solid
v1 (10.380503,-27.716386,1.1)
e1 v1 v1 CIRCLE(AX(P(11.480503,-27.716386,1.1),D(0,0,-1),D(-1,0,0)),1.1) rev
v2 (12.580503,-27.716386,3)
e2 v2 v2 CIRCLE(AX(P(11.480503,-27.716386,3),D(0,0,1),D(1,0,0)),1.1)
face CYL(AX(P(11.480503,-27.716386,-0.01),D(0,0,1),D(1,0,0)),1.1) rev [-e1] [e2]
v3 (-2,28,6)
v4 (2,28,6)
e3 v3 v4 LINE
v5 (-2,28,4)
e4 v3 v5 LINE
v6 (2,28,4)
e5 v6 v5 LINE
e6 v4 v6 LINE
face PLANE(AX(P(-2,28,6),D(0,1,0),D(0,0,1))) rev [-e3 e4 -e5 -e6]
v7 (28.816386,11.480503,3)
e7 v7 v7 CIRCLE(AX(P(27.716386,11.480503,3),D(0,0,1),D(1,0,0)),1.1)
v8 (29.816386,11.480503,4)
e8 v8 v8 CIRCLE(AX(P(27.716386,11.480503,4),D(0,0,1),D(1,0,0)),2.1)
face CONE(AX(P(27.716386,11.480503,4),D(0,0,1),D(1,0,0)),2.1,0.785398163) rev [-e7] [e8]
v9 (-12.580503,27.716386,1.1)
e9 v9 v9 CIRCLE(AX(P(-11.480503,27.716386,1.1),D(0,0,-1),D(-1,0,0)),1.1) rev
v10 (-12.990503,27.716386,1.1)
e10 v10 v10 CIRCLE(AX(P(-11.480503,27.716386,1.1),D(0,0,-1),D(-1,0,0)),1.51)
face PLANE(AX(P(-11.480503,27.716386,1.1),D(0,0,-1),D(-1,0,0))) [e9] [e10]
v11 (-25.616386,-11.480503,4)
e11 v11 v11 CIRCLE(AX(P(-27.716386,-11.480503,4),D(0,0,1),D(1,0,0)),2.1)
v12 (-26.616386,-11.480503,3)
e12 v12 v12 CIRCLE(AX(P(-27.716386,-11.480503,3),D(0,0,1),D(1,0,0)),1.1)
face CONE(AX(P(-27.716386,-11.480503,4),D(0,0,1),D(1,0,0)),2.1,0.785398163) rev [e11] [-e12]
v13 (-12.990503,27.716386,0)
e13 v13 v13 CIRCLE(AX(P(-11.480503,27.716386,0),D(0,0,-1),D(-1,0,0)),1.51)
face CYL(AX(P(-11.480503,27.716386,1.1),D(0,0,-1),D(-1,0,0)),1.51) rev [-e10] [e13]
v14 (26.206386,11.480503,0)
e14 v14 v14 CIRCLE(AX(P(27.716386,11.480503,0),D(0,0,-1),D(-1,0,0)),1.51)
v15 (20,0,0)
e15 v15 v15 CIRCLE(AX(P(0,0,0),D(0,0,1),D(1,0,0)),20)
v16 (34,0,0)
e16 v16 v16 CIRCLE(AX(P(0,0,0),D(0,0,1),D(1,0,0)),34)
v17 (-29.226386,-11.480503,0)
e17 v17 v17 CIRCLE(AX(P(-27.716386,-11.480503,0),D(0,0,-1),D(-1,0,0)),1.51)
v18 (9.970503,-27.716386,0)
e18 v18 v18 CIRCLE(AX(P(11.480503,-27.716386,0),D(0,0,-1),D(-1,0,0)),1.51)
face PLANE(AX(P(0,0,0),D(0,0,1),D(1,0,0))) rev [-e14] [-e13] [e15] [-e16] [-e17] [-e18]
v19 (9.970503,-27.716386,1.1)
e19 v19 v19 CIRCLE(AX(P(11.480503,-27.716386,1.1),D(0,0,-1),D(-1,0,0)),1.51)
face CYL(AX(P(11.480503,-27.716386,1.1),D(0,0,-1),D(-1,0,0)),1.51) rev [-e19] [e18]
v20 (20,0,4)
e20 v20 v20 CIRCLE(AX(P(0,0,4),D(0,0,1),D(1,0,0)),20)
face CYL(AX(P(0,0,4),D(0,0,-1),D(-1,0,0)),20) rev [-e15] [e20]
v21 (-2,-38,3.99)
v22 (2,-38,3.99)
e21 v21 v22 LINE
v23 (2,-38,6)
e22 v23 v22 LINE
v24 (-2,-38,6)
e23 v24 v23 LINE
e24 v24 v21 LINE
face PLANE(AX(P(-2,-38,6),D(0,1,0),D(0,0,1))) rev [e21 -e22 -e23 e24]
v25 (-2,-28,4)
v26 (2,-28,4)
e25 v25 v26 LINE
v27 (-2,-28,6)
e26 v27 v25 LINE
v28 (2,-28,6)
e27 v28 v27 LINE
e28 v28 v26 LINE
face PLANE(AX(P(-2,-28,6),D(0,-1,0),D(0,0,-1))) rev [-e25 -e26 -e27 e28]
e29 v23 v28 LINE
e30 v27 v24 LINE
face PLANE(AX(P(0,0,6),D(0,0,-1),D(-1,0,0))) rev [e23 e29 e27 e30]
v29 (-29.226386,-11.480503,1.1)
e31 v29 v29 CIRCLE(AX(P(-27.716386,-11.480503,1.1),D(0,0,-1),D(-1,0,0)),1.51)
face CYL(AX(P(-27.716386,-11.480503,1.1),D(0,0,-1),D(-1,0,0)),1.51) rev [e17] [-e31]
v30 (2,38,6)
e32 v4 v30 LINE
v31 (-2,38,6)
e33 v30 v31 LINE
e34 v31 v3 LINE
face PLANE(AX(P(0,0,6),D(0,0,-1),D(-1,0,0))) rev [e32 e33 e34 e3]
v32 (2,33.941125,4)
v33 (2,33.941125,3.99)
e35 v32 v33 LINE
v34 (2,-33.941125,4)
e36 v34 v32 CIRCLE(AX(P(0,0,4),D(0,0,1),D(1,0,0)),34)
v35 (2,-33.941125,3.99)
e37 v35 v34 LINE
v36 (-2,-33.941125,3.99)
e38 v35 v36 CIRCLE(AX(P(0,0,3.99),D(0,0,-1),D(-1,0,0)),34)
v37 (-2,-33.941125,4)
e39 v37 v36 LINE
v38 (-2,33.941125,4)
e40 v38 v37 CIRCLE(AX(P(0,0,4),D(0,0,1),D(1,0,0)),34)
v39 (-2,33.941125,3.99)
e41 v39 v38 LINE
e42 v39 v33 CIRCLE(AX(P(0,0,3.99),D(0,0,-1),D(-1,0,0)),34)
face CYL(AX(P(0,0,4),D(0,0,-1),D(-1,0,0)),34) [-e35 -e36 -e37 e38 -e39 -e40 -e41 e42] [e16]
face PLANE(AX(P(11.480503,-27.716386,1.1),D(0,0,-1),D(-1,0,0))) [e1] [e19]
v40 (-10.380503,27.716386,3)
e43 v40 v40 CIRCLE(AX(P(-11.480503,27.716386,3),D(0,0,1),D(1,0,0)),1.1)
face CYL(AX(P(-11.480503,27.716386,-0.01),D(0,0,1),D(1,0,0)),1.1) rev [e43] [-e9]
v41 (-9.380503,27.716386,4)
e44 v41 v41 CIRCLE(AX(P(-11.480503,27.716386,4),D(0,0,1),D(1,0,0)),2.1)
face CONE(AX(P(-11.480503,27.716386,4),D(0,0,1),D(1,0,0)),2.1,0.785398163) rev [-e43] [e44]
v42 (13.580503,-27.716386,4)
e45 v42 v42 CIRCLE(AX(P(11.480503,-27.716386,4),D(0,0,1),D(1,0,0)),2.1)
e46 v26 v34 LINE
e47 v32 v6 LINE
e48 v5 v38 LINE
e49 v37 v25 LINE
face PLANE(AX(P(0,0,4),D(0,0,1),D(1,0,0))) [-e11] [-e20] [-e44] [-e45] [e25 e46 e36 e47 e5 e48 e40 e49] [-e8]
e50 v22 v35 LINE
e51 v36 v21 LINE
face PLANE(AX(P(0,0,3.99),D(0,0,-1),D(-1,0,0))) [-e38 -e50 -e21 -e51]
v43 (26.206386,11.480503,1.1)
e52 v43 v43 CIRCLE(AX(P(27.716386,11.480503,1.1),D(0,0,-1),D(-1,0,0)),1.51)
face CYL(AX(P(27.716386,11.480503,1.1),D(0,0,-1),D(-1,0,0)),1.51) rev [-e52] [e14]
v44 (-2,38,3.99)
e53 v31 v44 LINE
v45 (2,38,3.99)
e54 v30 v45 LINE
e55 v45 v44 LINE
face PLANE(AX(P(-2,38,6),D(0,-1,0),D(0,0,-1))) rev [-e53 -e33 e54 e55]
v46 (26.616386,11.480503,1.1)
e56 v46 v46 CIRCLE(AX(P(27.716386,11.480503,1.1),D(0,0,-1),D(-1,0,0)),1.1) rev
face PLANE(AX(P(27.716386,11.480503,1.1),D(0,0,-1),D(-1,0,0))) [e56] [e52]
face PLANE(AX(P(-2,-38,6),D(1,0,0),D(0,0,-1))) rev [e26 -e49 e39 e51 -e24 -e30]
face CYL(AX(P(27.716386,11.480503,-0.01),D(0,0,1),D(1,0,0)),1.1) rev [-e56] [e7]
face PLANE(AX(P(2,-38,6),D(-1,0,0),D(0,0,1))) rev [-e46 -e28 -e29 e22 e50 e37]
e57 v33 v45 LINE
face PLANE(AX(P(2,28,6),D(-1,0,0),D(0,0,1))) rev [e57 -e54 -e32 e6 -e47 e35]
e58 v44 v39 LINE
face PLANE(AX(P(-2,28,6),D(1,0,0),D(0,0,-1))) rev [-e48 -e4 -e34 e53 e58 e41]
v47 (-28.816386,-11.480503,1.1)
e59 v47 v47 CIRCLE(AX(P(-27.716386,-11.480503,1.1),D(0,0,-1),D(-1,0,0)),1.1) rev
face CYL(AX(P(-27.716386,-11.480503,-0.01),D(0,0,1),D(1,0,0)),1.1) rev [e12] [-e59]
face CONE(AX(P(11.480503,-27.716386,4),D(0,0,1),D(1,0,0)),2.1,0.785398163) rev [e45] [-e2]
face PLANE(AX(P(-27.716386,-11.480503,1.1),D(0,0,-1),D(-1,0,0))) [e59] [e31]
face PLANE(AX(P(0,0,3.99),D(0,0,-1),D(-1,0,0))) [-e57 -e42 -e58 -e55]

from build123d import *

# Parameters (mm, degrees)
SKETCH1_R                                    = 34
SKETCH1_R_2                                  = 20
OUTPUT_PLATE_DEPTH                           = 4
Y_TONGUE_1_START                             = 3.99
SKETCH2_W                                    = 4
SKETCH2_H                                    = 10
Y_TONGUE_1_DEPTH                             = 2.01
SKETCH3_W                                    = 4
SKETCH3_H                                    = 10
Y_TONGUE_1_2_DEPTH                           = 2.01
SKETCH4_R                                    = 1.1
FOUR_M2_CLEARANCE_DEPTH                      = 4.01
SKETCH5_R                                    = 2.1
FOUR_90DEG_COUNTERSINKS_D4P2_DEPTH           = 1.1
FOUR_90DEG_COUNTERSINKS_D4P2_DRAFT           = -45
FOUR_90DEG_COUNTERSINKS_D4P2_PROFILE_2_DEPTH = 1.1
FOUR_90DEG_COUNTERSINKS_D4P2_PROFILE_2_DRAFT = -45
FOUR_90DEG_COUNTERSINKS_D4P2_PROFILE_3_DEPTH = 1.1
FOUR_90DEG_COUNTERSINKS_D4P2_PROFILE_3_DRAFT = -45
FOUR_90DEG_COUNTERSINKS_D4P2_PROFILE_4_DEPTH = 1.1
FOUR_90DEG_COUNTERSINKS_D4P2_PROFILE_4_DRAFT = -45
SKETCH6_R                                    = 1.51
FOUR_STANDOFF_PILOT_POCKETS_D3P02_DEPTH      = 1.1


with BuildPart() as part:
    # Sketch1 → Output_Plate (new body)
    with BuildSketch(Plane.XY):
        Circle(SKETCH1_R)
        Circle(SKETCH1_R_2, mode=Mode.SUBTRACT)
    extrude(amount=OUTPUT_PLATE_DEPTH)

    # Sketch2 → Y_Tongue_-1 (add)
    with BuildSketch(Plane.XY.offset(Y_TONGUE_1_START)):
        with Locations((0, -33)):
            Rectangle(SKETCH2_W, SKETCH2_H)
    extrude(amount=Y_TONGUE_1_DEPTH)

    # Sketch3 → Y_Tongue_1 2 (add)
    with BuildSketch(Plane.XY.offset(Y_TONGUE_1_START)):
        with Locations((0, 33)):
            Rectangle(SKETCH3_W, SKETCH3_H)
    extrude(amount=Y_TONGUE_1_2_DEPTH)

    # Sketch4 → Four_M2_Clearance (cut)
    with BuildSketch(Plane.XY.offset(4)):
        with Locations((27.716385975, 11.480502971)):
            Circle(SKETCH4_R)
        with Locations((-11.480502971, 27.716385975)):
            Circle(SKETCH4_R)
        with Locations((-27.716385975, -11.480502971)):
            Circle(SKETCH4_R)
        with Locations((11.480502971, -27.716385975)):
            Circle(SKETCH4_R)
    extrude(amount=-FOUR_M2_CLEARANCE_DEPTH, mode=Mode.SUBTRACT)


with BuildPart() as four_90deg_countersinks_d4p2_tool:
    # Sketch5 → Four_90deg_Countersinks_D4p2 (with draft: the straight prism first)
    with BuildSketch(Plane.XY.offset(4)):
        with Locations((27.716385975, 11.480502971)):
            Circle(SKETCH5_R)
    extrude(amount=-FOUR_90DEG_COUNTERSINKS_D4P2_DEPTH)
    # Four_90deg_Countersinks_D4p2: the draft: its side faces are tilted about the plane it starts from
    four_90deg_countersinks_d4p2_sides = [four_90deg_countersinks_d4p2_tool.faces().sort_by_distance(p)[0] for p in [
        (25.616385975, 11.480502971, 3.45),
    ]]
    draft(four_90deg_countersinks_d4p2_sides, Plane.XY.offset(4), FOUR_90DEG_COUNTERSINKS_D4P2_DRAFT)


with BuildPart() as part_1:
    add(part.part)

    # Four_90deg_Countersinks_D4p2: cut by four_90deg_countersinks_d4p2_tool
    add(four_90deg_countersinks_d4p2_tool.part, mode=Mode.SUBTRACT)


with BuildPart() as four_90deg_countersinks_d4p2_profile_2_tool:
    # Sketch5 → Four_90deg_Countersinks_D4p2 profile 2 (with draft: the straight prism first)
    with BuildSketch(Plane.XY.offset(4)):
        with Locations((-11.480502971, 27.716385975)):
            Circle(SKETCH5_R)
    extrude(amount=-FOUR_90DEG_COUNTERSINKS_D4P2_PROFILE_2_DEPTH)
    # Four_90deg_Countersinks_D4p2 profile 2: the draft: its side faces are tilted about the plane it starts from
    four_90deg_countersinks_d4p2_profile_2_sides = [four_90deg_countersinks_d4p2_profile_2_tool.faces().sort_by_distance(p)[0] for p in [
        (-13.580502971, 27.716385975, 3.45),
    ]]
    draft(four_90deg_countersinks_d4p2_profile_2_sides, Plane.XY.offset(4), FOUR_90DEG_COUNTERSINKS_D4P2_PROFILE_2_DRAFT)


with BuildPart() as part_2:
    add(part_1.part)

    # Four_90deg_Countersinks_D4p2 profile 2: cut by four_90deg_countersinks_d4p2_profile_2_tool
    add(four_90deg_countersinks_d4p2_profile_2_tool.part, mode=Mode.SUBTRACT)


with BuildPart() as four_90deg_countersinks_d4p2_profile_3_tool:
    # Sketch5 → Four_90deg_Countersinks_D4p2 profile 3 (with draft: the straight prism first)
    with BuildSketch(Plane.XY.offset(4)):
        with Locations((-27.716385975, -11.480502971)):
            Circle(SKETCH5_R)
    extrude(amount=-FOUR_90DEG_COUNTERSINKS_D4P2_PROFILE_3_DEPTH)
    # Four_90deg_Countersinks_D4p2 profile 3: the draft: its side faces are tilted about the plane it starts from
    four_90deg_countersinks_d4p2_profile_3_sides = [four_90deg_countersinks_d4p2_profile_3_tool.faces().sort_by_distance(p)[0] for p in [
        (-29.816385975, -11.480502971, 3.45),
    ]]
    draft(four_90deg_countersinks_d4p2_profile_3_sides, Plane.XY.offset(4), FOUR_90DEG_COUNTERSINKS_D4P2_PROFILE_3_DRAFT)


with BuildPart() as part_3:
    add(part_2.part)

    # Four_90deg_Countersinks_D4p2 profile 3: cut by four_90deg_countersinks_d4p2_profile_3_tool
    add(four_90deg_countersinks_d4p2_profile_3_tool.part, mode=Mode.SUBTRACT)


with BuildPart() as four_90deg_countersinks_d4p2_profile_4_tool:
    # Sketch5 → Four_90deg_Countersinks_D4p2 profile 4 (with draft: the straight prism first)
    with BuildSketch(Plane.XY.offset(4)):
        with Locations((11.480502971, -27.716385975)):
            Circle(SKETCH5_R)
    extrude(amount=-FOUR_90DEG_COUNTERSINKS_D4P2_PROFILE_4_DEPTH)
    # Four_90deg_Countersinks_D4p2 profile 4: the draft: its side faces are tilted about the plane it starts from
    four_90deg_countersinks_d4p2_profile_4_sides = [four_90deg_countersinks_d4p2_profile_4_tool.faces().sort_by_distance(p)[0] for p in [
        (9.380502971, -27.716385975, 3.45),
    ]]
    draft(four_90deg_countersinks_d4p2_profile_4_sides, Plane.XY.offset(4), FOUR_90DEG_COUNTERSINKS_D4P2_PROFILE_4_DRAFT)


with BuildPart() as part_4:
    add(part_3.part)

    # Four_90deg_Countersinks_D4p2 profile 4: cut by four_90deg_countersinks_d4p2_profile_4_tool
    add(four_90deg_countersinks_d4p2_profile_4_tool.part, mode=Mode.SUBTRACT)

    # Sketch6 → Four_Standoff_Pilot_Pockets_D3p02 (cut)
    with BuildSketch(Plane(origin=(0, 0, 0), x_dir=(-1, 0, 0), z_dir=(0, 0, -1))):
        with Locations((-27.716385975, 11.480502971)):
            Circle(SKETCH6_R)
        with Locations((11.480502971, 27.716385975)):
            Circle(SKETCH6_R)
        with Locations((27.716385975, -11.480502971)):
            Circle(SKETCH6_R)
        with Locations((-11.480502971, -27.716385975)):
            Circle(SKETCH6_R)
    extrude(amount=-FOUR_STANDOFF_PILOT_POCKETS_D3P02_DEPTH, mode=Mode.SUBTRACT)


solid = part_4.part
